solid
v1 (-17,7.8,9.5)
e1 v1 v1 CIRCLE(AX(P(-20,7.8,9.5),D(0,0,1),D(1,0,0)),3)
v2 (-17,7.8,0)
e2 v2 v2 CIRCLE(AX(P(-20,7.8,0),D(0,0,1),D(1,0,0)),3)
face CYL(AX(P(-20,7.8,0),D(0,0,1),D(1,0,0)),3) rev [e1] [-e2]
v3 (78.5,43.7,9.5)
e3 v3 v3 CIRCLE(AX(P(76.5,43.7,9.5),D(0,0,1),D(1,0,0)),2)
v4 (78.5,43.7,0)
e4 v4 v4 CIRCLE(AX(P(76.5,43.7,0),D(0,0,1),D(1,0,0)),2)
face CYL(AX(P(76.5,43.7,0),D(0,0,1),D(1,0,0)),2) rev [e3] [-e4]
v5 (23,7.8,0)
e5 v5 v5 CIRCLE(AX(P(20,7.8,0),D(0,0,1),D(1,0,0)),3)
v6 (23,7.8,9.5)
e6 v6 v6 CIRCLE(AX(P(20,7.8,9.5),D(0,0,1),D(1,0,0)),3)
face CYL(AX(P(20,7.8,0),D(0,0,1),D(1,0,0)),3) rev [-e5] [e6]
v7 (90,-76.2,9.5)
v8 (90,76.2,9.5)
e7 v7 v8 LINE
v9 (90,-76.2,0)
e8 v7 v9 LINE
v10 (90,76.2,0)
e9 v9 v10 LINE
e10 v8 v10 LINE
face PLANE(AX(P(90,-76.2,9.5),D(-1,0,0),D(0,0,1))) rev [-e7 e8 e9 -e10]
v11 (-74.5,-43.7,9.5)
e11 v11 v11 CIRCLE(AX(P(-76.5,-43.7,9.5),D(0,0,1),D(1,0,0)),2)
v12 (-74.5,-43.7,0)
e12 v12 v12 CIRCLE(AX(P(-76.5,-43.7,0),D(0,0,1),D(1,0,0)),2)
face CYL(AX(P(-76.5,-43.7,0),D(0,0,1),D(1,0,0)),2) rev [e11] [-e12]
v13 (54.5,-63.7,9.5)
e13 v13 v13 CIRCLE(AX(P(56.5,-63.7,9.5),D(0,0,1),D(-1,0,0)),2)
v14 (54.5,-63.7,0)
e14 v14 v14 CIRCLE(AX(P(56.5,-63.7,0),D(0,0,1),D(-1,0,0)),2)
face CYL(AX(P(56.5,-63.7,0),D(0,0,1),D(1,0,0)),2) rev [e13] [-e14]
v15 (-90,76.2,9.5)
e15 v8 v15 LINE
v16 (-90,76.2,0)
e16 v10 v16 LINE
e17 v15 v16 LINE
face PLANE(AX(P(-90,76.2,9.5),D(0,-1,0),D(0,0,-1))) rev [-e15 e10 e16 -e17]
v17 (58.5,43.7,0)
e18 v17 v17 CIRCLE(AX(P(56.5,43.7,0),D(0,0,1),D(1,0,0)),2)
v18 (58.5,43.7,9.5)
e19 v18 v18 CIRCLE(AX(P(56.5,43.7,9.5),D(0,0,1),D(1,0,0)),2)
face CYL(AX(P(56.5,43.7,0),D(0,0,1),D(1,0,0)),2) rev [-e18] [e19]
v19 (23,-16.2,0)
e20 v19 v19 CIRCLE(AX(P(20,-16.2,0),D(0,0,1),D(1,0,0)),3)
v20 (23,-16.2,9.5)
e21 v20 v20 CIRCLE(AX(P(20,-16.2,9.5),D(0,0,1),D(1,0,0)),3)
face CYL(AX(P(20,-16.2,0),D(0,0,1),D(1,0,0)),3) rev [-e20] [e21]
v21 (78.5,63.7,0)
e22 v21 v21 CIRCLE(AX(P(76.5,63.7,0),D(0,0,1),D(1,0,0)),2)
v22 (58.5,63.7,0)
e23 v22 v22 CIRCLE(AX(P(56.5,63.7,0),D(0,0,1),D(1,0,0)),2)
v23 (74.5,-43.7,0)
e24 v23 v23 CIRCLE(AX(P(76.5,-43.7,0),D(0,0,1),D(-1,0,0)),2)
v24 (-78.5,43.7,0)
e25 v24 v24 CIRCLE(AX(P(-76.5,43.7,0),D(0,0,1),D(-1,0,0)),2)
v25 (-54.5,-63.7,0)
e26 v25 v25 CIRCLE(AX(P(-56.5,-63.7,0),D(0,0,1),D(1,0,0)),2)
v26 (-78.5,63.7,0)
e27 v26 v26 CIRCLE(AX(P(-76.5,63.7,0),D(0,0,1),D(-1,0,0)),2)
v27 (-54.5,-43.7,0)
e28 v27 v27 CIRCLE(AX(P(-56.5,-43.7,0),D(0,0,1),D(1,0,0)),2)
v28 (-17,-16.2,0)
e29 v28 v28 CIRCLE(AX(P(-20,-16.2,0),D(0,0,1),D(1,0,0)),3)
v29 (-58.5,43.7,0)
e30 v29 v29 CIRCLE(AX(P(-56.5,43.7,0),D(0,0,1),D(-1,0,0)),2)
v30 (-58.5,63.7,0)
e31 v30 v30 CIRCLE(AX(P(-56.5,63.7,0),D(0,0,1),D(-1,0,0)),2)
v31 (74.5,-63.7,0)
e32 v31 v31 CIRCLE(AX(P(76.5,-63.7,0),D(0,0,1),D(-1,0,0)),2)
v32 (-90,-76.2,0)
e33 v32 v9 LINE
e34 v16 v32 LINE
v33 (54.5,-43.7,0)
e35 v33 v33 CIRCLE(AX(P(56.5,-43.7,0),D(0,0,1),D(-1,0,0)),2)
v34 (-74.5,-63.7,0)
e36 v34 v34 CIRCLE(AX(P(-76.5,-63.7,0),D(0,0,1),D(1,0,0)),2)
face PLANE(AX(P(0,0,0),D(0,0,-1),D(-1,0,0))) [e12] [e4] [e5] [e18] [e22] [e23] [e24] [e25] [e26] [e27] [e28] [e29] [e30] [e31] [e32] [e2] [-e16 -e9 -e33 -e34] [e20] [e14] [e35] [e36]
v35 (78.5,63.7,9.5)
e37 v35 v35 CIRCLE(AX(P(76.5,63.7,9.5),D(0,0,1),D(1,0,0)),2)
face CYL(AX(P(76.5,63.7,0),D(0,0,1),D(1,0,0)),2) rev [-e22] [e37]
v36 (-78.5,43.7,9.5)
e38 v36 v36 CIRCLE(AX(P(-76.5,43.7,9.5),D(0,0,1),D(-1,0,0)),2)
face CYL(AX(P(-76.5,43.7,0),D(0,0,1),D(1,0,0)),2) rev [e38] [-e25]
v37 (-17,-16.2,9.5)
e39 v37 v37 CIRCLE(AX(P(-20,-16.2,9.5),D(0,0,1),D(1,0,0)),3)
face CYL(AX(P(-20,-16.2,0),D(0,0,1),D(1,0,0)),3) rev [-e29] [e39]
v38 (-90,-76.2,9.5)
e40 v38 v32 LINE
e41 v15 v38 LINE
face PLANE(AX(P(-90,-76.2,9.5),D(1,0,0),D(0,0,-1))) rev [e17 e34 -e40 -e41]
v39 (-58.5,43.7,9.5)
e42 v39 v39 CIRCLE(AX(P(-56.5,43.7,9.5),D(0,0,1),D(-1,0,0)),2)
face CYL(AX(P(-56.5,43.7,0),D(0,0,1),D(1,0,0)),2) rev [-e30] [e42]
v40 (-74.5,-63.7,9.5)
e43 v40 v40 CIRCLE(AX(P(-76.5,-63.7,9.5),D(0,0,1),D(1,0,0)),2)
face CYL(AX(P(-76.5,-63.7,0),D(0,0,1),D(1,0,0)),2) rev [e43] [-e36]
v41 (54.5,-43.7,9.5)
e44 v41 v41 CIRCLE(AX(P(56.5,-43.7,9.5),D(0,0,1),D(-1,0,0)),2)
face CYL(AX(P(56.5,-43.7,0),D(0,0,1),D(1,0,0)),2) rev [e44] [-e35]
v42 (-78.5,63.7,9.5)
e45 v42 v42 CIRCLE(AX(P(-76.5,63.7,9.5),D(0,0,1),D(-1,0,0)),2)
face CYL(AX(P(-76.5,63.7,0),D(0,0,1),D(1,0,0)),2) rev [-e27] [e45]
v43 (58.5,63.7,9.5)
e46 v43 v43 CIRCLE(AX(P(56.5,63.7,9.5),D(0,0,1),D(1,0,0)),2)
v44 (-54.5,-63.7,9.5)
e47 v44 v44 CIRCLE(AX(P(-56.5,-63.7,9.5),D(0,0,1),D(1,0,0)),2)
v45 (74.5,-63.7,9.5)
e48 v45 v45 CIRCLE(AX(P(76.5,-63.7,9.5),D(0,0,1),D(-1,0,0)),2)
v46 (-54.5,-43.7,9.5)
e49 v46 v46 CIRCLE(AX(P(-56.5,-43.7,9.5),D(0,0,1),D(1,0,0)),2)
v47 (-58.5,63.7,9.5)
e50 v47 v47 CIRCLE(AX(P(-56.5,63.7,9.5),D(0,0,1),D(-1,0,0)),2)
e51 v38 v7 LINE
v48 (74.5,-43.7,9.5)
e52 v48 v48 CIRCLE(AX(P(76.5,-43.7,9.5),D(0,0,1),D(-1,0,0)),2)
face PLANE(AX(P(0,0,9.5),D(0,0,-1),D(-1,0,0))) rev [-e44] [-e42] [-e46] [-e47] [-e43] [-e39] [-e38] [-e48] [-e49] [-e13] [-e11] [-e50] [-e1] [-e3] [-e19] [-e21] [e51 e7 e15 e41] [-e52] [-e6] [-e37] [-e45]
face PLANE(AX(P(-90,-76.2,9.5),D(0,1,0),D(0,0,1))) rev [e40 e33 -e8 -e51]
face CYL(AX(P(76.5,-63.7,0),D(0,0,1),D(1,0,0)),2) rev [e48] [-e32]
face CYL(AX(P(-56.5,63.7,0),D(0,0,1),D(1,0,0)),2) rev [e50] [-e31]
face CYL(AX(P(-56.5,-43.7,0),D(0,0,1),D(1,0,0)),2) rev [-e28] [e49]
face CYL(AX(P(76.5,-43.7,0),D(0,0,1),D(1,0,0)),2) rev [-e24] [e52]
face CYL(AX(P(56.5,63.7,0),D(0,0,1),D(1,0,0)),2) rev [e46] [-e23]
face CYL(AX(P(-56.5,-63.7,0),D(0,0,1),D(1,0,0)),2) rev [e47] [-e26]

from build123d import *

# Parameters (mm, degrees)
SKETCH1_W           = 180
SKETCH1_H           = 152.4
BOSS_EXTRUDE1_DEPTH = 9.5
SKETCH2_R           = 2
SKETCH2_R_2         = 3
CUT_EXTRUDE1_DEPTH  = 9.5


with BuildPart() as part:
    # Sketch1 → Boss-Extrude1 (new body)
    with BuildSketch(Plane.XY):
        Rectangle(SKETCH1_W, SKETCH1_H)
    extrude(amount=BOSS_EXTRUDE1_DEPTH)

    # Sketch2 → Cut-Extrude1 (cut)
    with BuildSketch(Plane.XY.offset(9.5)):
        with Locations((-76.5, -43.7)):
            Circle(SKETCH2_R)
        with Locations((-56.5, -43.7)):
            Circle(SKETCH2_R)
        with Locations((-76.5, -63.7)):
            Circle(SKETCH2_R)
        with Locations((-56.5, -63.7)):
            Circle(SKETCH2_R)
        with Locations((56.5, -63.7)):
            Circle(SKETCH2_R)
        with Locations((76.5, -63.7)):
            Circle(SKETCH2_R)
        with Locations((56.5, -43.7)):
            Circle(SKETCH2_R)
        with Locations((76.5, -43.7)):
            Circle(SKETCH2_R)
        with Locations((76.5, 43.7)):
            Circle(SKETCH2_R)
        with Locations((56.5, 43.7)):
            Circle(SKETCH2_R)
        with Locations((76.5, 63.7)):
            Circle(SKETCH2_R)
        with Locations((56.5, 63.7)):
            Circle(SKETCH2_R)
        with Locations((-56.5, 63.7)):
            Circle(SKETCH2_R)
        with Locations((-76.5, 63.7)):
            Circle(SKETCH2_R)
        with Locations((-56.5, 43.7)):
            Circle(SKETCH2_R)
        with Locations((-76.5, 43.7)):
            Circle(SKETCH2_R)
        with Locations((-20, 7.8)):
            Circle(SKETCH2_R_2)
        with Locations((20, 7.8)):
            Circle(SKETCH2_R_2)
        with Locations((20, -16.2)):
            Circle(SKETCH2_R_2)
        with Locations((-20, -16.2)):
            Circle(SKETCH2_R_2)
    extrude(amount=-CUT_EXTRUDE1_DEPTH, mode=Mode.SUBTRACT)


solid = part.part
